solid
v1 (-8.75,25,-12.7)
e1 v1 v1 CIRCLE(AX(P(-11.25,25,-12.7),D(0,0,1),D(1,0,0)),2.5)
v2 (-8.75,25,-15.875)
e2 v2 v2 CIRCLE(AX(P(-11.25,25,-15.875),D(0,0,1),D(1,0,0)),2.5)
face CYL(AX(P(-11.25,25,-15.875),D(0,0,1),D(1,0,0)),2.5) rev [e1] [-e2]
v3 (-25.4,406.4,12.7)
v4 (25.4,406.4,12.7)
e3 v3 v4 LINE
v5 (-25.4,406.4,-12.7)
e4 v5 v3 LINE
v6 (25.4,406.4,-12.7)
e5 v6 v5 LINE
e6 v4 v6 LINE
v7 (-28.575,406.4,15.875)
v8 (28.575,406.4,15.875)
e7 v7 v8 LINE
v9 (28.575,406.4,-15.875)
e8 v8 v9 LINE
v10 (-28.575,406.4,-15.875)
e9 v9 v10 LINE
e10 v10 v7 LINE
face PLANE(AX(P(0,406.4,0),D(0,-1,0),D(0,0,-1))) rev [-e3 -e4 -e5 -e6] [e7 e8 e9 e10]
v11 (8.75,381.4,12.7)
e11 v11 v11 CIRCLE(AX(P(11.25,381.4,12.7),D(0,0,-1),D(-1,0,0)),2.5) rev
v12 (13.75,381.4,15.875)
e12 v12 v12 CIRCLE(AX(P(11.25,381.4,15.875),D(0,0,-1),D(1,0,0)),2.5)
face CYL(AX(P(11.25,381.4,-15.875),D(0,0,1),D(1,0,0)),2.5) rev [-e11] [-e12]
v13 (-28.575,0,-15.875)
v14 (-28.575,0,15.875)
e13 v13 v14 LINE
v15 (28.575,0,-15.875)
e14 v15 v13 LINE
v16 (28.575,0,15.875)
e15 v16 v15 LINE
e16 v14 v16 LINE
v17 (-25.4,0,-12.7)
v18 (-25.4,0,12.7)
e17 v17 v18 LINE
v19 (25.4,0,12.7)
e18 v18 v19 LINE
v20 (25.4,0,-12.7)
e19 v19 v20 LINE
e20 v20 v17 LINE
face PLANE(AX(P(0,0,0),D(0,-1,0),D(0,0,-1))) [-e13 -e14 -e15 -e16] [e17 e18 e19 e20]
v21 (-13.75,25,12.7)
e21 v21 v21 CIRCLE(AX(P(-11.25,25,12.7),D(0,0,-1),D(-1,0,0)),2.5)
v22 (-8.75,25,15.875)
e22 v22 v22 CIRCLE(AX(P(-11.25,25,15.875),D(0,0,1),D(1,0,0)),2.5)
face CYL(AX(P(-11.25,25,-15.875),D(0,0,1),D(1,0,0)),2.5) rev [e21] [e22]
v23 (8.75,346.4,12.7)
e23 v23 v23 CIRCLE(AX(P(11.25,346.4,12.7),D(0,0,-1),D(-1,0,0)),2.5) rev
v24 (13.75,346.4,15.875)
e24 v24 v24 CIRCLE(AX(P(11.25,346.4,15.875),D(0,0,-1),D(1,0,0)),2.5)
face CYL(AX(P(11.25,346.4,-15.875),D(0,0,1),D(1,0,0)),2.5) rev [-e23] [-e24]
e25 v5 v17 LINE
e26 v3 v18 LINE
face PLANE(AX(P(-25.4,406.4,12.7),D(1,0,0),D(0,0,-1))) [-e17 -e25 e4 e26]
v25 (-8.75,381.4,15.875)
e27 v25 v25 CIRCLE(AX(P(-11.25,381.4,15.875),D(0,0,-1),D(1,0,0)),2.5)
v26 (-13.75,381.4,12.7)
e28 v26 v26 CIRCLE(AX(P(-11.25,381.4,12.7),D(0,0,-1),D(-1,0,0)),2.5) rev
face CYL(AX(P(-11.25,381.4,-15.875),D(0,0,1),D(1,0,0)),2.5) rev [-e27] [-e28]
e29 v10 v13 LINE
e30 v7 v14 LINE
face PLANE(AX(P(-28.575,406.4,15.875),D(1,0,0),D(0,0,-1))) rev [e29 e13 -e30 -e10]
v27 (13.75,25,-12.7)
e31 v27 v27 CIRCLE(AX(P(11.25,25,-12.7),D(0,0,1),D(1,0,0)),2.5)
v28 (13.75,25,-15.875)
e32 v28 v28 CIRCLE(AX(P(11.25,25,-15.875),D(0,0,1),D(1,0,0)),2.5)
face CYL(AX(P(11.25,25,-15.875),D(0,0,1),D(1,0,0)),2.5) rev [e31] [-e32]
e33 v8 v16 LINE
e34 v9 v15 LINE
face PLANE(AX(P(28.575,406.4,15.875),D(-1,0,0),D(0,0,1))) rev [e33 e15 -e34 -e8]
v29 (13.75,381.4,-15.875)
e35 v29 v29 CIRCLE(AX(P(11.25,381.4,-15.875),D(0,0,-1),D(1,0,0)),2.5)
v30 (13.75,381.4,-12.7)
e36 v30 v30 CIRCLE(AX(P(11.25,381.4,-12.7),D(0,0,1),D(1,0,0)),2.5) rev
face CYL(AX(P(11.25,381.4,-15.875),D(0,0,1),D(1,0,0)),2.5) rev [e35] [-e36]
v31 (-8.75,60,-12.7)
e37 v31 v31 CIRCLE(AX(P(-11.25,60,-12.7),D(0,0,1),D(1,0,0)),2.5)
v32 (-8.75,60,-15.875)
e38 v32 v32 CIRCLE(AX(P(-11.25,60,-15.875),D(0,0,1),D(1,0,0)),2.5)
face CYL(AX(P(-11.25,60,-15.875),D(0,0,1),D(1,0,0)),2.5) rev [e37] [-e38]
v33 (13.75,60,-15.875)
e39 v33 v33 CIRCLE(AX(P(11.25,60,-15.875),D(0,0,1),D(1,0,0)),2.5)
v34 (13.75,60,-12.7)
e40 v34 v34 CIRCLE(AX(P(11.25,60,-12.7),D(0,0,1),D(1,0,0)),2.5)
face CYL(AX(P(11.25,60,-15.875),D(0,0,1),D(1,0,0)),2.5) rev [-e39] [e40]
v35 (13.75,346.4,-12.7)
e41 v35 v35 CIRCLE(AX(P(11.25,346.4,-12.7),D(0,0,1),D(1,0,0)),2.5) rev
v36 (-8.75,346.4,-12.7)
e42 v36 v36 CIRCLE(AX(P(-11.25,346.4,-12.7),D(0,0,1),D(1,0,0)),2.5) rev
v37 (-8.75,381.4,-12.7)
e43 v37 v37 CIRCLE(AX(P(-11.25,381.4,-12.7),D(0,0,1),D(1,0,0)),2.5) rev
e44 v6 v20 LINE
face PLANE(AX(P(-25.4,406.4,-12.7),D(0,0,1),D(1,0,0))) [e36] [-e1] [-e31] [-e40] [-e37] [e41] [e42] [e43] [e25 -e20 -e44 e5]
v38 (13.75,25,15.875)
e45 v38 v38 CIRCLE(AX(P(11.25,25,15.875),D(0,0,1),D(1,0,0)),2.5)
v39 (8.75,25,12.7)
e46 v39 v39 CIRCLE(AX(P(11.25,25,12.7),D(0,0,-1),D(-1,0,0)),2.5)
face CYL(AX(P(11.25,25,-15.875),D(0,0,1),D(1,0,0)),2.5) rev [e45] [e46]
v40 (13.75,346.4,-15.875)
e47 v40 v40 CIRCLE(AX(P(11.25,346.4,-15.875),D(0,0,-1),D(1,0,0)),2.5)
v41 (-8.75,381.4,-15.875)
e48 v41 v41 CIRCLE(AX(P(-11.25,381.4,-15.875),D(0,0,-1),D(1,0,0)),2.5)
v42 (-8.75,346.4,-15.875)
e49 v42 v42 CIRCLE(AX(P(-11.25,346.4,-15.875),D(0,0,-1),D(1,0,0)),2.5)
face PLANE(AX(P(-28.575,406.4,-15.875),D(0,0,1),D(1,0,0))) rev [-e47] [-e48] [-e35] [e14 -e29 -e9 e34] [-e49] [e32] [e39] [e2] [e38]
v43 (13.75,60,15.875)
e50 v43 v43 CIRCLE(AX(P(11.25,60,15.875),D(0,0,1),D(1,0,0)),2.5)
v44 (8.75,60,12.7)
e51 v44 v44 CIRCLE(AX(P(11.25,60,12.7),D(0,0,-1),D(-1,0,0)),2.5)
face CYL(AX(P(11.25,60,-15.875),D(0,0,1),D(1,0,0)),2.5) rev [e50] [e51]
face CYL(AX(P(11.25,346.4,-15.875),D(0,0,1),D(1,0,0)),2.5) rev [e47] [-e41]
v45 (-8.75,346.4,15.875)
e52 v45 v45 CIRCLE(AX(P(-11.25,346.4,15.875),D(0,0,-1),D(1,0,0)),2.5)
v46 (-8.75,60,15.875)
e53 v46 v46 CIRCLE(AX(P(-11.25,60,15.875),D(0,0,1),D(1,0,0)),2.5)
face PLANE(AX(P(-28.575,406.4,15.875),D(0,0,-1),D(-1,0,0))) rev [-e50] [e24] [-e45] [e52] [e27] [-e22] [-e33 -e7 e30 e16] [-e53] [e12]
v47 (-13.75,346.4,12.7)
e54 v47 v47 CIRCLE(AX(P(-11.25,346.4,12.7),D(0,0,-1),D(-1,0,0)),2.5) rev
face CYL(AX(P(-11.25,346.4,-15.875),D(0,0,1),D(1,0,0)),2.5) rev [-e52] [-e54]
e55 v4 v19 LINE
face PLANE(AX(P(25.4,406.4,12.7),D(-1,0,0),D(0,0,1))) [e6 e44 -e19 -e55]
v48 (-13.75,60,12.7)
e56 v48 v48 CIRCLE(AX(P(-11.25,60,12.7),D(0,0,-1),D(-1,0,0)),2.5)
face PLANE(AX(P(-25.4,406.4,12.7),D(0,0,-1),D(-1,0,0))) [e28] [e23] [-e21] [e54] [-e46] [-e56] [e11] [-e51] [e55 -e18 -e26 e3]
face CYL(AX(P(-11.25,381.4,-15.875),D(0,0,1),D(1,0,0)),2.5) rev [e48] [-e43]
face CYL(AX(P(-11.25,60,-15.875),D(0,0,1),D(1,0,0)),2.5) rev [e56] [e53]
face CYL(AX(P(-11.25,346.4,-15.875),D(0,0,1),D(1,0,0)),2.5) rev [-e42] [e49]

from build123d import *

# Parameters (mm, degrees)
SKETCH1_W           = 57.15
SKETCH1_H           = 31.75
SKETCH1_W_2         = 50.8
SKETCH1_H_2         = 25.4
BOSS_EXTRUDE1_DEPTH = 406.4
SKETCH2_R           = 2.5
CUT_EXTRUDE1_DEPTH  = 409.638658383


with BuildPart() as part:
    # Sketch1 → Boss-Extrude1 (new body)
    with BuildSketch(Plane(origin=(0, 0, 0), x_dir=(1, 0, 0), z_dir=(0, 1, 0))):
        Rectangle(SKETCH1_W, SKETCH1_H)
        Rectangle(SKETCH1_W_2, SKETCH1_H_2, mode=Mode.SUBTRACT)
    extrude(amount=BOSS_EXTRUDE1_DEPTH)

    # Sketch2 → Cut-Extrude1 (cut, through all)
    with BuildSketch(Plane.XY.offset(15.875)):
        with Locations((-11.25, 60)):
            Circle(SKETCH2_R)
        with Locations((-11.25, 25)):
            Circle(SKETCH2_R)
        with Locations((11.25, 25)):
            Circle(SKETCH2_R)
        with Locations((11.25, 60)):
            Circle(SKETCH2_R)
    cut_extrude1 = extrude(amount=-CUT_EXTRUDE1_DEPTH, mode=Mode.SUBTRACT)

    # Mirror1: Cut-Extrude1 across plane
    add(cut_extrude1.mirror(Plane(origin=(0, 203.2, 0), x_dir=(0, 0, 1), z_dir=(0, -1, 0))), mode=Mode.SUBTRACT)


solid = part.part
